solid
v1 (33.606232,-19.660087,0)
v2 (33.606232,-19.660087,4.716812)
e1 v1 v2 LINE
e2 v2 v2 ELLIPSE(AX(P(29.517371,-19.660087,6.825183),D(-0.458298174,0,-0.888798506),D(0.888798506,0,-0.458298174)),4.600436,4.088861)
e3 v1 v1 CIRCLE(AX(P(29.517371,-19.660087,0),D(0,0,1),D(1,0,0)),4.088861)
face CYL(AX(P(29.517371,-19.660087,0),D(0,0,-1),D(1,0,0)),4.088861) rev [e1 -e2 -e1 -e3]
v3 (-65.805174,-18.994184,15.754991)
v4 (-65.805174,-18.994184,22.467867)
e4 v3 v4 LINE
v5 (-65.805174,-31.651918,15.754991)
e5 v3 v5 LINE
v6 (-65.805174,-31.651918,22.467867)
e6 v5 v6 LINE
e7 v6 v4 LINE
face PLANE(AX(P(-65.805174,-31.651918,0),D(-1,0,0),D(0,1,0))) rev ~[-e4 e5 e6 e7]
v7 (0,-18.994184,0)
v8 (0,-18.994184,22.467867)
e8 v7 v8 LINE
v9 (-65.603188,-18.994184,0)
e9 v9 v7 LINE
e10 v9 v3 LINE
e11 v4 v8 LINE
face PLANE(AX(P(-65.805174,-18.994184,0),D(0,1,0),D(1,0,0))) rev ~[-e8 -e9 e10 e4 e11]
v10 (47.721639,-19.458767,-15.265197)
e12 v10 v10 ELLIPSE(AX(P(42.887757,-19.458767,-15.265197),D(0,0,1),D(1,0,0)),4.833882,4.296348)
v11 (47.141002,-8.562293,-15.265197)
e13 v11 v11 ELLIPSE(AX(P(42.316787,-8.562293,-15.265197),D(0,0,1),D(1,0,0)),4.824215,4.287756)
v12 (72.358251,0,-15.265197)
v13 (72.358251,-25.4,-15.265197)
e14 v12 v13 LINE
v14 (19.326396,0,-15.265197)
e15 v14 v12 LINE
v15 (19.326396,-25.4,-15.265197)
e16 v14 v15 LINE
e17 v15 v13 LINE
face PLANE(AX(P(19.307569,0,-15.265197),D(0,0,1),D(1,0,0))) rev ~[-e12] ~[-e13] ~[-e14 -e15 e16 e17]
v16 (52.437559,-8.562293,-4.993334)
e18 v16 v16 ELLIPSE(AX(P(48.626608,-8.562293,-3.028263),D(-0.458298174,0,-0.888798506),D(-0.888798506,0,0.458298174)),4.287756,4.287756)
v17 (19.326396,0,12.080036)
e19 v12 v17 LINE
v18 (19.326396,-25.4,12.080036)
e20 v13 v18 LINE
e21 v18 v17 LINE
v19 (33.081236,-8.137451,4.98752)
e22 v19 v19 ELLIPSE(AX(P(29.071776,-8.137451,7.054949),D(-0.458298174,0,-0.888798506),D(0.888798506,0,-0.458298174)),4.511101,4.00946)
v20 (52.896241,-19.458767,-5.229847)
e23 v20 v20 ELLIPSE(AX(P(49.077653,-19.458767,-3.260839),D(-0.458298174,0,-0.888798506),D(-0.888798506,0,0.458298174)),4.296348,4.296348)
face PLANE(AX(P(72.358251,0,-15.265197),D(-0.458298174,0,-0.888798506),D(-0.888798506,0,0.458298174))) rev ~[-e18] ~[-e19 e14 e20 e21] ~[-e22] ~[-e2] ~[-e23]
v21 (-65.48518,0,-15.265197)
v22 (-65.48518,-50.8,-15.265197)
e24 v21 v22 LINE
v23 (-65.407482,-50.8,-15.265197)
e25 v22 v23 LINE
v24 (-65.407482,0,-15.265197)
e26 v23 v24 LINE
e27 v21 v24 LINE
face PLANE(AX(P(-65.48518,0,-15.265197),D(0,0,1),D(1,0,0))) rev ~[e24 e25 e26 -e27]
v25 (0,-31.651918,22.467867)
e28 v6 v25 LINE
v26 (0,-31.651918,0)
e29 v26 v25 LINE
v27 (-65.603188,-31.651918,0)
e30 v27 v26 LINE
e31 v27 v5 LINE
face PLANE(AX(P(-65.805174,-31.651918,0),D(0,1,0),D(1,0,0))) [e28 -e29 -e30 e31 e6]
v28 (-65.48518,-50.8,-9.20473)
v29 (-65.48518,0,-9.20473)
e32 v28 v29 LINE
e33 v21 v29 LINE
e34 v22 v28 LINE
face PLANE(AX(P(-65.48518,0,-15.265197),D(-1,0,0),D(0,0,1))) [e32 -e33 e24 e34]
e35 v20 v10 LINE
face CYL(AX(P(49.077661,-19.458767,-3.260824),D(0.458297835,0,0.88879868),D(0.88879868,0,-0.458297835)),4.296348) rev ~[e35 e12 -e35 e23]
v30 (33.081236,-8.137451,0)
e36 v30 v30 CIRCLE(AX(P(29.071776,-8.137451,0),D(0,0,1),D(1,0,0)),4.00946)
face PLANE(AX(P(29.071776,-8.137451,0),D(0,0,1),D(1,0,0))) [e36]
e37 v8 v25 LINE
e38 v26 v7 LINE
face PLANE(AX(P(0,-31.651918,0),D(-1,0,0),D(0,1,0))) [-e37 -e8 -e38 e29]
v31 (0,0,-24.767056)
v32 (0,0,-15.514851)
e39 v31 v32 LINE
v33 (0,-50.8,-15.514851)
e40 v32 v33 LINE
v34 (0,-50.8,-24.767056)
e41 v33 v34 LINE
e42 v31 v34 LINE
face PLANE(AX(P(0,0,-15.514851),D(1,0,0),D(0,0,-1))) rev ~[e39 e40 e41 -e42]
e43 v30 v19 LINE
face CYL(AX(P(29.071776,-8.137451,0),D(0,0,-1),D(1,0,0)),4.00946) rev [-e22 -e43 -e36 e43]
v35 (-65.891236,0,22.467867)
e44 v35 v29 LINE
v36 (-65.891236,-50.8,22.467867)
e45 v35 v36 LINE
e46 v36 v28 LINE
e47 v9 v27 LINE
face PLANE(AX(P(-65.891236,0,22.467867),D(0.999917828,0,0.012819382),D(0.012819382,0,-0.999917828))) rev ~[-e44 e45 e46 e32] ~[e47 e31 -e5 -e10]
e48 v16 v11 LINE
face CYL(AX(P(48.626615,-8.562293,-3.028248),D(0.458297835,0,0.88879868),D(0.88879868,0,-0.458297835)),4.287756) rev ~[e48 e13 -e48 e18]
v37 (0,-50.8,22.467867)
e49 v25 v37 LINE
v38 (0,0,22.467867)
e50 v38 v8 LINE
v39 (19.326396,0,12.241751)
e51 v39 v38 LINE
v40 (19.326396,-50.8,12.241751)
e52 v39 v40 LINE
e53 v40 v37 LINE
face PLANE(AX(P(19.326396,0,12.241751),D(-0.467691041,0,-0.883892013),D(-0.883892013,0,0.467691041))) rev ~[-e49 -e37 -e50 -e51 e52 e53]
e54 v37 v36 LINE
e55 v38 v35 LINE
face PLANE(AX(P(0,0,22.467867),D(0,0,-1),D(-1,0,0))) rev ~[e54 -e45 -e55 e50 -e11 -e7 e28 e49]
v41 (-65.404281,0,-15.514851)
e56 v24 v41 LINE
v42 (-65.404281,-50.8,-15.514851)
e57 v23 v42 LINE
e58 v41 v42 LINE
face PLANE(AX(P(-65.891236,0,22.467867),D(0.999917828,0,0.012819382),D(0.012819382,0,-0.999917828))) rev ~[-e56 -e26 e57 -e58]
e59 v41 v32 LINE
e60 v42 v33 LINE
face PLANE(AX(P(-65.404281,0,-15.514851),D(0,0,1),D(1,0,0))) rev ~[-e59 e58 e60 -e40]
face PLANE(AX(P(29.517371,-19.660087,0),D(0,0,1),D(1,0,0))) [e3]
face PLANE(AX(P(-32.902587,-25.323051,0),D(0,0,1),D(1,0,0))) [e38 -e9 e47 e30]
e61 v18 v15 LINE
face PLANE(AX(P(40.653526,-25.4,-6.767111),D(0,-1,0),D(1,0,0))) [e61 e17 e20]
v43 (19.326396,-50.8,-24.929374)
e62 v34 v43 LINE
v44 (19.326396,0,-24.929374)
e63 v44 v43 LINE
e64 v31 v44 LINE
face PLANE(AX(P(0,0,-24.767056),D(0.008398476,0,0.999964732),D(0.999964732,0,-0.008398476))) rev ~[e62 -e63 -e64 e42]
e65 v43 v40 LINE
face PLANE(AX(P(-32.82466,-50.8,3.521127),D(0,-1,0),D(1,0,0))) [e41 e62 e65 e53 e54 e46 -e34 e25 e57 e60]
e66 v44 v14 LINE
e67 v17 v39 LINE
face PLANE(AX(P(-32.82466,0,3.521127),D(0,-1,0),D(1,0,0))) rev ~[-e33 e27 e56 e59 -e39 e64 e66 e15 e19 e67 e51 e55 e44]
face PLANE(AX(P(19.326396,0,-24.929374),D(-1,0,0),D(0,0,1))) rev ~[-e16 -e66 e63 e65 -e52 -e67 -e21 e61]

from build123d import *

# Parameters (mm, degrees)
F0_W      = 65.485179
F0_H      = 37.281514
F1_DEPTH  = 50.8
F2_DEPTH  = 25.4
F4_DEPTH  = 50.8
F5_DEPTH  = 25.4
F6_W      = 65.805174
F6_H      = 12.657734
F7_DEPTH  = 38.1
F8_R      = 4.088861
F8_R_2    = 4.00946
F8_R_3    = 3.015148
F8_R_4    = 3.207559
F9_DEPTH  = 50.8
F10_R     = 4.296348
F10_R_2   = 4.287756
F11_DEPTH = 25.4


with BuildPart() as f1:
    # F0 (on Front) → F1 (new body)
    with BuildSketch(Plane.XZ):
        with Locations((-32.74259, 3.37556)):
            Rectangle(F0_W, F0_H)
        Polygon((19.307569, 12.089744), (0, 22.016317), (0, -15.265197), (0, -24.720937), (19.307569, -24.720937), (19.307569, -15.265197), align=None)
    extrude(amount=F1_DEPTH)

    # F0 (on Front) → F2 (join)
    with BuildSketch(Plane.XZ):
        Polygon((72.358251, -15.265197), (19.307569, 12.089744), (19.307569, -15.265197), (64.418688, -15.265197), align=None)
    extrude(amount=F2_DEPTH)

    # F3 (on Front) → F4 (join)
    with BuildSketch(Plane.XZ):
        Polygon((0, 22.467867), (-65.891236, 22.467867), (-65.404281, -15.514851), (0, -15.514851), align=None)
        Polygon((19.326396, 12.241751), (0, 22.467867), (0, -15.514851), (0, -24.767056), (19.326396, -24.929374), (19.326396, -15.677169), align=None)
    extrude(amount=F4_DEPTH)

    # F0 (on Front) → F5 (join)
    with BuildSketch(Plane.XZ):
        Polygon((72.358251, -15.265197), (19.307569, 12.089744), (19.307569, -15.265197), (64.418688, -15.265197), align=None)
    extrude(amount=F5_DEPTH)

    # F6 (on Top) → F7 (cut)
    with BuildSketch(Plane.XY):
        with Locations((-32.902587, -25.323051)):
            Rectangle(F6_W, F6_H)
    extrude(amount=F7_DEPTH, mode=Mode.SUBTRACT)

    # F8 (on Top) → F9 (cut)
    with BuildSketch(Plane.XY):
        with Locations((29.517371, -19.660087)):
            Circle(F8_R)
        with Locations((29.071776, -8.137451)):
            Circle(F8_R_2)
        with Locations((55.278175, -19.761529)):
            Circle(F8_R_3)
        with Locations((54.863308, -8.436291)):
            Circle(F8_R_4)
    extrude(amount=F9_DEPTH, mode=Mode.SUBTRACT)

    # F10 (on face) → F11 (cut)
    with BuildSketch(Plane(origin=(8.979881, 0, 17.415091), x_dir=(0.888799, 0, -0.458298), z_dir=(0.458298, 0, 0.888799))):
        with Locations((45.114581, -19.458767)):
            Circle(F10_R)
        with Locations((44.607103, -8.562293)):
            Circle(F10_R_2)
    extrude(amount=-F11_DEPTH, mode=Mode.SUBTRACT)


solid = f1.part
